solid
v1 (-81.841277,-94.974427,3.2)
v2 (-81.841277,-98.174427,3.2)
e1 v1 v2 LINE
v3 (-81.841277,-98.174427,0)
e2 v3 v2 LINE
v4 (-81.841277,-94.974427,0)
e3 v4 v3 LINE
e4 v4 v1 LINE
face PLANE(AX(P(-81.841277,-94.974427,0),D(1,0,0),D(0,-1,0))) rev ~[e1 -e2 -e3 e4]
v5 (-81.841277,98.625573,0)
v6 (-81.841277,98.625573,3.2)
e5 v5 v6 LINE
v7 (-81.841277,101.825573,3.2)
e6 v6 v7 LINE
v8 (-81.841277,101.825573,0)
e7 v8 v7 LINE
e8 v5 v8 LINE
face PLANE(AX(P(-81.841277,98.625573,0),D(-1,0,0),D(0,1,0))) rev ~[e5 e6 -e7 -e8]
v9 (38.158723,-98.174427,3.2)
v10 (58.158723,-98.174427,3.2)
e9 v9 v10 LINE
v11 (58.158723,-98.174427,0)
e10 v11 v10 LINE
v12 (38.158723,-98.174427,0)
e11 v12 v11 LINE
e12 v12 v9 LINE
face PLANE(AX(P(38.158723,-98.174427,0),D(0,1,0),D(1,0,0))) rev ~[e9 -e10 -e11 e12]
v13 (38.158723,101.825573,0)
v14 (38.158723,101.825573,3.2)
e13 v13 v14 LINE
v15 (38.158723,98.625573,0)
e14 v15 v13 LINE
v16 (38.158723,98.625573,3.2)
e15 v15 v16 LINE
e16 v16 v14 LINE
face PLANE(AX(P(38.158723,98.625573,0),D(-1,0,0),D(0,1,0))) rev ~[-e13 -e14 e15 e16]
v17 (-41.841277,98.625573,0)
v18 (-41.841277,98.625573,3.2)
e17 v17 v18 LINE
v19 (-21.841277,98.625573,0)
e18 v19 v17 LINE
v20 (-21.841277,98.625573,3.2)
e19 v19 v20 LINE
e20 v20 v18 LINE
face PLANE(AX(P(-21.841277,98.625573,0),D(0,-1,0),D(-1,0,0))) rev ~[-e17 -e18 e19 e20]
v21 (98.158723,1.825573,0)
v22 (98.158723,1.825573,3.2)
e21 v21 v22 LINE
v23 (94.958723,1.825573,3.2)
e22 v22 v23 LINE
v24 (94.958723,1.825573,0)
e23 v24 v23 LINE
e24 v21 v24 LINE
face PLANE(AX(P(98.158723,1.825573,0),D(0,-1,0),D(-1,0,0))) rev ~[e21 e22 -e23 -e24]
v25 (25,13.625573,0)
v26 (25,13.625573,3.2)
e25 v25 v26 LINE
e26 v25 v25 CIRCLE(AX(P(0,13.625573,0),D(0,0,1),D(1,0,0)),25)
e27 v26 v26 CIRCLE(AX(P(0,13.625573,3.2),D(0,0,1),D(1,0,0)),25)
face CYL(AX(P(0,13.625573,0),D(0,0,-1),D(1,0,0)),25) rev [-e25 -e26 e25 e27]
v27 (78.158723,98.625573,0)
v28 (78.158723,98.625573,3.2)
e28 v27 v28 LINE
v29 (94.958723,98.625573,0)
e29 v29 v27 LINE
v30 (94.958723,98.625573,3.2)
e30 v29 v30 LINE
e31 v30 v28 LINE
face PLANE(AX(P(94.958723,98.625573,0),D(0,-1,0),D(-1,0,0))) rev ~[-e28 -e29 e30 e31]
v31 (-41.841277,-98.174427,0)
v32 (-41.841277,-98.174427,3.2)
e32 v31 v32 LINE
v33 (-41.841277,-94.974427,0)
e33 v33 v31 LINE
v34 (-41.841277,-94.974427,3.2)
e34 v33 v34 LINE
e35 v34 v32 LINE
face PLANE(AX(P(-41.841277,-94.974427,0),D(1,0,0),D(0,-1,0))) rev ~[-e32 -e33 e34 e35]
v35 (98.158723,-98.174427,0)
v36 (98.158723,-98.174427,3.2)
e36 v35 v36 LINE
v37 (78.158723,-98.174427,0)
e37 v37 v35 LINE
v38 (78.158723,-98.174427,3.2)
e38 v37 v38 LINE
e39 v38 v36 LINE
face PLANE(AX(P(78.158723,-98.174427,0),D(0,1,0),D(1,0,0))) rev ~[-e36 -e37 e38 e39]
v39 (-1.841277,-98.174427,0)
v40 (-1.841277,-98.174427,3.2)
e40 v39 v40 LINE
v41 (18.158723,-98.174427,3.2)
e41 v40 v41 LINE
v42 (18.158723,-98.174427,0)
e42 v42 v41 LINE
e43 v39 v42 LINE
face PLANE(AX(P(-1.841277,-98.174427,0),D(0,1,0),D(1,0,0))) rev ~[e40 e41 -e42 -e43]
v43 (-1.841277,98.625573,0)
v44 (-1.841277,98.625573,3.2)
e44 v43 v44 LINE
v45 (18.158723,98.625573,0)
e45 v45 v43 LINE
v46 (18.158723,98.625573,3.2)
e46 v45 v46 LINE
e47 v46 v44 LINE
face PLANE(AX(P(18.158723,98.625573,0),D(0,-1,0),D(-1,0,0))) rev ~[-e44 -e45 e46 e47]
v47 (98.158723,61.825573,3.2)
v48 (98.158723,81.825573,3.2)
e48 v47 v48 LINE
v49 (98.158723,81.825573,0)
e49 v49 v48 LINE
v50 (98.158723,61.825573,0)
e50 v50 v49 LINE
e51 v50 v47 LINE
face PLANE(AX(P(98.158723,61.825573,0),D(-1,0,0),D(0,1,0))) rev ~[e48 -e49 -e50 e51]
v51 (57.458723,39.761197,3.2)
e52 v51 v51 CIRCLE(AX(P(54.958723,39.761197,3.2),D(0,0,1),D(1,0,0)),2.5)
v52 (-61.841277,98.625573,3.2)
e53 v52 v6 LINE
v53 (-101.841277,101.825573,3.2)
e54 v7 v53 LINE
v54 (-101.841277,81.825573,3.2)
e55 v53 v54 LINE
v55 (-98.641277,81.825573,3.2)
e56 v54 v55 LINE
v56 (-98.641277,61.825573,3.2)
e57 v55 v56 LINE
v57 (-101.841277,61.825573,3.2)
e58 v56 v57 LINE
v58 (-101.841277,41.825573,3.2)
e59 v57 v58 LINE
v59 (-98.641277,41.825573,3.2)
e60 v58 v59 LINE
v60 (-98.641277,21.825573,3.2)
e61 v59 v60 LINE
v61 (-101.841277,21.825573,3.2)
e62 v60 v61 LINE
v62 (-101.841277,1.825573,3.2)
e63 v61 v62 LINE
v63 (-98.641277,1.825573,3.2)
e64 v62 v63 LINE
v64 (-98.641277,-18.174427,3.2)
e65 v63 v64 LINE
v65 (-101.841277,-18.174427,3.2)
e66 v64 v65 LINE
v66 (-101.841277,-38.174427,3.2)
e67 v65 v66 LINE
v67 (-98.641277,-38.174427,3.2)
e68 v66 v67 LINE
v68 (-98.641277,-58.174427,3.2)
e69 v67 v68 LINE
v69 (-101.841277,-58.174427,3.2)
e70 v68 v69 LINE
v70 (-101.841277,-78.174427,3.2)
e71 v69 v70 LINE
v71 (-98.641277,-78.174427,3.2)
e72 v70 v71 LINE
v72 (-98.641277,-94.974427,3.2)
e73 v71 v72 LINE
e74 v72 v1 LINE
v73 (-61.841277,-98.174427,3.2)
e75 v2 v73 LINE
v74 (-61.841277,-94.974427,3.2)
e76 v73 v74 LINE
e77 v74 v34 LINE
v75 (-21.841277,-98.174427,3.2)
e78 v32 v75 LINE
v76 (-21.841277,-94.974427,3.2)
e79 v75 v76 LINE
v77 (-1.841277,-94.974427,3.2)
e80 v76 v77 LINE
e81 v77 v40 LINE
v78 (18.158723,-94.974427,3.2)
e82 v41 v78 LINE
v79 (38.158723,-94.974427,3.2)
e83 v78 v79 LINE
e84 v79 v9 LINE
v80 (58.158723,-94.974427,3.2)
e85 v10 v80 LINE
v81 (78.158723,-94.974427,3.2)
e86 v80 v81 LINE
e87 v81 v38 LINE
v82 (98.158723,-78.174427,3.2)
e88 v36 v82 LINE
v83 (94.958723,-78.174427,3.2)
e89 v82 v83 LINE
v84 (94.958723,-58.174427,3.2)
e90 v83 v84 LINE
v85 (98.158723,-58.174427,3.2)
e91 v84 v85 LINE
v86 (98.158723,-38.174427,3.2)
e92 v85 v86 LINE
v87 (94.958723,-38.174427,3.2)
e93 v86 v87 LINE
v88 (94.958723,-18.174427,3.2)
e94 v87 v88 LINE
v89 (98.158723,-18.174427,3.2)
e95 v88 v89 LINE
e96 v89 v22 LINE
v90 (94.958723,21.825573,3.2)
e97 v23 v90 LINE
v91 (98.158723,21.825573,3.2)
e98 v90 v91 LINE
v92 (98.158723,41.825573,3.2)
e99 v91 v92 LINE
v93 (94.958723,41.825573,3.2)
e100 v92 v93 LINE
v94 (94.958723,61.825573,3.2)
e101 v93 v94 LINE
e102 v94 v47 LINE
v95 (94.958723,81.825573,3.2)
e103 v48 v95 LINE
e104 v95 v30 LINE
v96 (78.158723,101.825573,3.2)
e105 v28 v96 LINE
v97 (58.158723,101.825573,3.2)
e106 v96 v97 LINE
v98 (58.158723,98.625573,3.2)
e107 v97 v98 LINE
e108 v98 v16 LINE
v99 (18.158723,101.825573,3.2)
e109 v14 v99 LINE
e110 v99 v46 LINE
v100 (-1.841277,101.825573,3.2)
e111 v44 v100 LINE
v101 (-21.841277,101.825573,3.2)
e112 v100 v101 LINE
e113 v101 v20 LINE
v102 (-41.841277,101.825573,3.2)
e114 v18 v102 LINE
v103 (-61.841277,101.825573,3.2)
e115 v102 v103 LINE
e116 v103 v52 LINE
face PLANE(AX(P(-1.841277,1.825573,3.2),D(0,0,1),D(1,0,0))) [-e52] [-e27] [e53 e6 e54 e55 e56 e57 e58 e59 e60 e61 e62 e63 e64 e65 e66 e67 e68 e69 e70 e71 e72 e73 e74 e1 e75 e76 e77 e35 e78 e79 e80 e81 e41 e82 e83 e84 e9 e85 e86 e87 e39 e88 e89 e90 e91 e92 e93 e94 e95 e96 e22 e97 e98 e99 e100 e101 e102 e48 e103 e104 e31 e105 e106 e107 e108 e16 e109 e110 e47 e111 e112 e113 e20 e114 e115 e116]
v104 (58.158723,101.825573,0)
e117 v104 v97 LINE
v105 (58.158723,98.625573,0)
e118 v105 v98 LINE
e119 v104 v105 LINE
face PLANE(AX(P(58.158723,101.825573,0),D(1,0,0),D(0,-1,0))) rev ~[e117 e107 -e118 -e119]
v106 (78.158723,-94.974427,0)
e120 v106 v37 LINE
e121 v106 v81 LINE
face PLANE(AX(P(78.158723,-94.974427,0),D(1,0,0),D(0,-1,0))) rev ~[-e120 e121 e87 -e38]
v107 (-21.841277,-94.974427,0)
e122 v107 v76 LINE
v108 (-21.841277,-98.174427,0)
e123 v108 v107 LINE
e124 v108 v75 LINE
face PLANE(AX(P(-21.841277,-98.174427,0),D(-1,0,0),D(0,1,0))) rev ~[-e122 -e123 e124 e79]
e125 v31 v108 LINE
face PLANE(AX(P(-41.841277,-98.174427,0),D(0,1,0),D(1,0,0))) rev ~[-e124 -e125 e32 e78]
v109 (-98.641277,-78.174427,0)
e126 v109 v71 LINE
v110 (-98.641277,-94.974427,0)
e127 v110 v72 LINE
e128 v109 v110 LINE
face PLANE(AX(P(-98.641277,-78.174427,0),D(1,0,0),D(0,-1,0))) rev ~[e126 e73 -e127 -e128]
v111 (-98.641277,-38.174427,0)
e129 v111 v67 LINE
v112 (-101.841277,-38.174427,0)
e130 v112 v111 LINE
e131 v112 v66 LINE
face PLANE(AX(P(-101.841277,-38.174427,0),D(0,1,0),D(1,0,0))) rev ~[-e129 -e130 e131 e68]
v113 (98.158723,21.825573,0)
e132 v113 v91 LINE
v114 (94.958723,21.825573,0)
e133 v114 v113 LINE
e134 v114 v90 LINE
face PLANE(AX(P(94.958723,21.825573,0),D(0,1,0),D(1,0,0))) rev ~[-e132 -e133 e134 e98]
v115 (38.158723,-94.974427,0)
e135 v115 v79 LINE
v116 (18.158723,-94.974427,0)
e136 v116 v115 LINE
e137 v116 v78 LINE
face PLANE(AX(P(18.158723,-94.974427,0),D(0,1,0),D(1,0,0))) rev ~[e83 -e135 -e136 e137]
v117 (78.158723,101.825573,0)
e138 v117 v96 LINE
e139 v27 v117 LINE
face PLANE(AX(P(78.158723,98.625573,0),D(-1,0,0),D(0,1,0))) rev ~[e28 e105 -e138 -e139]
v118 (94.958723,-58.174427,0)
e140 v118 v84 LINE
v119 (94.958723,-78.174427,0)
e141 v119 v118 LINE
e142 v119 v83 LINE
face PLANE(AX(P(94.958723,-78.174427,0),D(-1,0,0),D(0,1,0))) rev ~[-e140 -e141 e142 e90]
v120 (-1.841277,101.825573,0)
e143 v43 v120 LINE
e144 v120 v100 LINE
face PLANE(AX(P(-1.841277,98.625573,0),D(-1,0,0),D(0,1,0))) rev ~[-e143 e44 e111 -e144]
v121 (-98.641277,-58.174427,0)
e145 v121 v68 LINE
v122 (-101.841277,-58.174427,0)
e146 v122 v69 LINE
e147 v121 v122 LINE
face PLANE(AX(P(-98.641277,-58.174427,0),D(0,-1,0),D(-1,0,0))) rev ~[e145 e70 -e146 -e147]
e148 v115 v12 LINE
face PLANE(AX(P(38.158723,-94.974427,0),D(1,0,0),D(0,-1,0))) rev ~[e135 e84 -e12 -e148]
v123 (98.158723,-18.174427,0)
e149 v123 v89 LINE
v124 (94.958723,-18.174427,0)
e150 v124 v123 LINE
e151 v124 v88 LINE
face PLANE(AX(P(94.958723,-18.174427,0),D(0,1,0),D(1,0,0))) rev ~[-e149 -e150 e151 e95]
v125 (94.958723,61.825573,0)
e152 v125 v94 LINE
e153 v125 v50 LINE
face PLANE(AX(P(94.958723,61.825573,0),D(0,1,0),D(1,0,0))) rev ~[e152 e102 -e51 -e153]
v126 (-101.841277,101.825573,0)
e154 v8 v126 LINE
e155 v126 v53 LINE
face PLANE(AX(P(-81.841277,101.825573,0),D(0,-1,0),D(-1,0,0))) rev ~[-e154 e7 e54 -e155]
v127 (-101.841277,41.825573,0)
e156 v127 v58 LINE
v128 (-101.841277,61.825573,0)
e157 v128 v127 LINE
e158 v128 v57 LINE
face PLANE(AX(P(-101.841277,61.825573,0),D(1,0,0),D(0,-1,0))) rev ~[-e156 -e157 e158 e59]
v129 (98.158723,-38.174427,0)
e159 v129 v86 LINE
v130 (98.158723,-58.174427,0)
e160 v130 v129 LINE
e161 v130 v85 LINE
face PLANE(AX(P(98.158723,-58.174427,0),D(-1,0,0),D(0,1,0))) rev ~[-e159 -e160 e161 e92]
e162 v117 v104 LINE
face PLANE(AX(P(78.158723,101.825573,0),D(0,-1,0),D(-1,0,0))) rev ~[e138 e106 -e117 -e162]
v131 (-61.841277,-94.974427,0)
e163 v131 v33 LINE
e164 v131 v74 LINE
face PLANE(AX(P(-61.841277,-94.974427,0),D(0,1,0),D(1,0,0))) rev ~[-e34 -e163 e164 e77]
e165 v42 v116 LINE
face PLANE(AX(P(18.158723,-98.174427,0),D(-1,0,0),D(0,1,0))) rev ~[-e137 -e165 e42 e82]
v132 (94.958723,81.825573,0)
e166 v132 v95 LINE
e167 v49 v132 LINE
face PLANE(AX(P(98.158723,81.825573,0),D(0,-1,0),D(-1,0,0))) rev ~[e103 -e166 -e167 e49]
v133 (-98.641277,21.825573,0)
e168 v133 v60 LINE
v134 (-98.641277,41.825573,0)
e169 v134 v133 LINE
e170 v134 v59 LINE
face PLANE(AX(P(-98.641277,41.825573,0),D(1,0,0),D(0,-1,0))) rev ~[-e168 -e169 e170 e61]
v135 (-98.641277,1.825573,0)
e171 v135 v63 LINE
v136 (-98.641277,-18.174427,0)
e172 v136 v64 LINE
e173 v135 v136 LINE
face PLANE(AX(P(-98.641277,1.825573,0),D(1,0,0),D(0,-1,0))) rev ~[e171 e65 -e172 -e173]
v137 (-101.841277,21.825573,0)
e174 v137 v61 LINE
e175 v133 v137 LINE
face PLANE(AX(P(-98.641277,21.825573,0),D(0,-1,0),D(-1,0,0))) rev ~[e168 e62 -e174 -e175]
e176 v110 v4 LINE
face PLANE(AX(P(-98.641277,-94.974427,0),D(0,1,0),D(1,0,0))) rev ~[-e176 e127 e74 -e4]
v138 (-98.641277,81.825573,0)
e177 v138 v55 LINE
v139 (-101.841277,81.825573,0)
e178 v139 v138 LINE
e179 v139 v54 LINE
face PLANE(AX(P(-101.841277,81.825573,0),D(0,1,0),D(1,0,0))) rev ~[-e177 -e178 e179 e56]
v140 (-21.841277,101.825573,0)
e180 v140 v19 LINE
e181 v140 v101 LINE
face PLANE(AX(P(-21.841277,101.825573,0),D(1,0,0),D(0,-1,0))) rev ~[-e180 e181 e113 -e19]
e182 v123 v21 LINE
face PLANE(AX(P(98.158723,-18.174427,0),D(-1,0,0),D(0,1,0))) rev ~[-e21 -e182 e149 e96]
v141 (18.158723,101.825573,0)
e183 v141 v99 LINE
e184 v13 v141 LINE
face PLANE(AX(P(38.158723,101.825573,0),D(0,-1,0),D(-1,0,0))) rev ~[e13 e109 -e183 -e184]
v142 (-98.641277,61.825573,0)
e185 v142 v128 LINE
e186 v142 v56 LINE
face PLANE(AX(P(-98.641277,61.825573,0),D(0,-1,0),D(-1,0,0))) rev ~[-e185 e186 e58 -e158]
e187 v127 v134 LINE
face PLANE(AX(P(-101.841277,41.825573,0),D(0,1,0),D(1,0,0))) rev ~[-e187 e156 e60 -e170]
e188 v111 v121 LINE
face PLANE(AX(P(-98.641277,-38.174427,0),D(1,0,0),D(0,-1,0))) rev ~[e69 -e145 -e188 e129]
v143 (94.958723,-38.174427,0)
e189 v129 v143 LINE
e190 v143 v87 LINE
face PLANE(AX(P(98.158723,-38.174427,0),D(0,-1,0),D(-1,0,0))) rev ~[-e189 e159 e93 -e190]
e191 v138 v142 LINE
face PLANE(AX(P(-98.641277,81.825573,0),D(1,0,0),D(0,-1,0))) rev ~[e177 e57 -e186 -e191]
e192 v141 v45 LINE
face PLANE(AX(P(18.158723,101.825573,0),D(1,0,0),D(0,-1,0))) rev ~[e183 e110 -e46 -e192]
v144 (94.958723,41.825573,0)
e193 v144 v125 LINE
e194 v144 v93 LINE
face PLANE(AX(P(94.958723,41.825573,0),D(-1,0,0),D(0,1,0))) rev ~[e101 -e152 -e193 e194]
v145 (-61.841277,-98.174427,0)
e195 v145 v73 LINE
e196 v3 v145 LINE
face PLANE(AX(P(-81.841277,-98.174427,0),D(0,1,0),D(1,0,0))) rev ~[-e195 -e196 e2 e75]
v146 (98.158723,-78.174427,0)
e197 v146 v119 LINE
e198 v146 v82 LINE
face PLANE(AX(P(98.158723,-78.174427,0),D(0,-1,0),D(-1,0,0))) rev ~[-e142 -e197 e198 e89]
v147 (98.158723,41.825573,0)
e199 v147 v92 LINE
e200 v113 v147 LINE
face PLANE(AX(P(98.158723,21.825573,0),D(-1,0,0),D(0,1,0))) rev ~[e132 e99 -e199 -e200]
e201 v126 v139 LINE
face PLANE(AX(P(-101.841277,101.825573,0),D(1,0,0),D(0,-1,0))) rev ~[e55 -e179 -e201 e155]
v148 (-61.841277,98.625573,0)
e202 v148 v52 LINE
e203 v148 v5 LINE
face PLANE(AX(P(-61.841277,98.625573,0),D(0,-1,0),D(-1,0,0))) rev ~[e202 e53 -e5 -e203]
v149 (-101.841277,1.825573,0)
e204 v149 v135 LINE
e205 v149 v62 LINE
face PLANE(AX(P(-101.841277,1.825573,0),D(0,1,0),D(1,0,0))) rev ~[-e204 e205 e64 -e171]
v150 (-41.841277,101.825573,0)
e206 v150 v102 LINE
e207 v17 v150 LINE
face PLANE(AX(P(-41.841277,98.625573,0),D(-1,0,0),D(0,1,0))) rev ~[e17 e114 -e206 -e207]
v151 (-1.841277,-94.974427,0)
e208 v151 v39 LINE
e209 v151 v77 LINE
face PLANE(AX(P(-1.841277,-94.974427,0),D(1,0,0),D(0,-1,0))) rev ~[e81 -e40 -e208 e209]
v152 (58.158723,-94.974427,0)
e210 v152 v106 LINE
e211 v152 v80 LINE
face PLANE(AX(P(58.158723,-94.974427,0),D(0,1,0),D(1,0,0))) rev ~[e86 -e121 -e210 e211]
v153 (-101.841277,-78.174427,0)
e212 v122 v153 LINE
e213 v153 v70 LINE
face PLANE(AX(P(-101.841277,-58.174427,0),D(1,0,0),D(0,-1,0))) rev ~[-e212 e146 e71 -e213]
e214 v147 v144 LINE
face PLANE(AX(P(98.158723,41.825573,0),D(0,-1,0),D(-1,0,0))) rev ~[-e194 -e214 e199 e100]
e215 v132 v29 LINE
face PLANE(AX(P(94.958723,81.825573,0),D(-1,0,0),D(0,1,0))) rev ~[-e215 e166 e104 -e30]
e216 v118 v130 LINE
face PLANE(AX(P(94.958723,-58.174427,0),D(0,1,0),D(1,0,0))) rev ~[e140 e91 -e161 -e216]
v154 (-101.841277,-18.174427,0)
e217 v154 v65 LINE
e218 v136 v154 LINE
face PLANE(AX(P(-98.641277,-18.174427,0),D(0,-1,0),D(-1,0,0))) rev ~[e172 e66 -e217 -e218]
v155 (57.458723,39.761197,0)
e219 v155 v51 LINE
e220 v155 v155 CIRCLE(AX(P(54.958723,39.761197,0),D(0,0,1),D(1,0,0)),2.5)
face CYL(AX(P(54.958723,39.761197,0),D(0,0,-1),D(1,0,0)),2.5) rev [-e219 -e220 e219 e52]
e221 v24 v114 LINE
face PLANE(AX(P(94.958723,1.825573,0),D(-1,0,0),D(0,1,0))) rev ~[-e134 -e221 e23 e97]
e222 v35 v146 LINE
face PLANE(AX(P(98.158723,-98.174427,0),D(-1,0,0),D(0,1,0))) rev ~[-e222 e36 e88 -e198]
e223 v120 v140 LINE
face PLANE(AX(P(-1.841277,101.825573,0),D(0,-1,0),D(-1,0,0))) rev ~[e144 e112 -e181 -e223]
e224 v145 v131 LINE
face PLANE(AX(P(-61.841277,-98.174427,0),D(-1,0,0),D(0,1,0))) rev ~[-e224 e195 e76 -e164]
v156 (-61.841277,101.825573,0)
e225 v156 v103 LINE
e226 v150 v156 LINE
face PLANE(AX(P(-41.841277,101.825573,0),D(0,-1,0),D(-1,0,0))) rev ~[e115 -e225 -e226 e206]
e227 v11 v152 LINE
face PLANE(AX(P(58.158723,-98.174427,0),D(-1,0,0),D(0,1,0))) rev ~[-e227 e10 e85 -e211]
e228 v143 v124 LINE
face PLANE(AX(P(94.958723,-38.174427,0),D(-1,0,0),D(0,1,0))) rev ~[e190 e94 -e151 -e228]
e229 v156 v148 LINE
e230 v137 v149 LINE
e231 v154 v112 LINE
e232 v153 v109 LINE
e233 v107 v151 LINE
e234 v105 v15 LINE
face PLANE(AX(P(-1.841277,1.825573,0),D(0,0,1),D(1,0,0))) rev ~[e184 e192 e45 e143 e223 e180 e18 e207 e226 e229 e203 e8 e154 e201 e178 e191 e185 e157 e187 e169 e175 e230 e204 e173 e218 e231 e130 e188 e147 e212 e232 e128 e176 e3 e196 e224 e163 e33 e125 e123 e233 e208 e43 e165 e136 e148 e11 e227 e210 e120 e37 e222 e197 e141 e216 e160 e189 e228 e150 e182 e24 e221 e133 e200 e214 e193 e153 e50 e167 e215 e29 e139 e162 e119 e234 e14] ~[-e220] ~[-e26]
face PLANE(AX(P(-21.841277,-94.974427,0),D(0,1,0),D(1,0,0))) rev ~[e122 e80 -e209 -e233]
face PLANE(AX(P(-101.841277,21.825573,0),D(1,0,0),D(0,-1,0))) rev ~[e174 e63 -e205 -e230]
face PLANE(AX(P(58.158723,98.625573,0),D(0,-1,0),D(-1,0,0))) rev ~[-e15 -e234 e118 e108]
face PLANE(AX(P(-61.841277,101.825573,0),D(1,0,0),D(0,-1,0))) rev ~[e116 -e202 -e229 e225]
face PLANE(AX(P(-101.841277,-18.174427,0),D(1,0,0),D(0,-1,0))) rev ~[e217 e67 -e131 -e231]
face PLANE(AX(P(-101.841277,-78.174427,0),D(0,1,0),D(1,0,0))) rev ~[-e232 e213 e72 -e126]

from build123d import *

# Parameters (mm, degrees)
F0_R     = 25
F0_R_2   = 2.5
F1_DEPTH = 3.2


with BuildPart() as f1:
    # F0 (on Top) → F1 (new body)
    with BuildSketch(Plane.XY):
        Polygon((-81.841277, 101.825573), (-101.841277, 101.825573), (-101.841277, 81.825573), (-98.641277, 81.825573), (-98.641277, 61.825573), (-101.841277, 61.825573), (-101.841277, 41.825573), (-98.641277, 41.825573), (-98.641277, 21.825573), (-101.841277, 21.825573), (-101.841277, 1.825573), (-98.641277, 1.825573), (-98.641277, -18.174427), (-101.841277, -18.174427), (-101.841277, -38.174427), (-98.641277, -38.174427), (-98.641277, -58.174427), (-101.841277, -58.174427), (-101.841277, -78.174427), (-98.641277, -78.174427), (-98.641277, -94.974427), (-81.841277, -94.974427), (-81.841277, -98.174427), (-61.841277, -98.174427), (-61.841277, -94.974427), (-41.841277, -94.974427), (-41.841277, -98.174427), (-21.841277, -98.174427), (-21.841277, -94.974427), (-1.841277, -94.974427), (-1.841277, -98.174427), (18.158723, -98.174427), (18.158723, -94.974427), (38.158723, -94.974427), (38.158723, -98.174427), (58.158723, -98.174427), (58.158723, -94.974427), (78.158723, -94.974427), (78.158723, -98.174427), (98.158723, -98.174427), (98.158723, -78.174427), (94.958723, -78.174427), (94.958723, -58.174427), (98.158723, -58.174427), (98.158723, -38.174427), (94.958723, -38.174427), (94.958723, -18.174427), (98.158723, -18.174427), (98.158723, 1.825573), (94.958723, 1.825573), (94.958723, 21.825573), (98.158723, 21.825573), (98.158723, 41.825573), (94.958723, 41.825573), (94.958723, 61.825573), (98.158723, 61.825573), (98.158723, 81.825573), (94.958723, 81.825573), (94.958723, 98.625573), (78.158723, 98.625573), (78.158723, 101.825573), (58.158723, 101.825573), (58.158723, 98.625573), (38.158723, 98.625573), (38.158723, 101.825573), (18.158723, 101.825573), (18.158723, 98.625573), (-1.841277, 98.625573), (-1.841277, 101.825573), (-21.841277, 101.825573), (-21.841277, 98.625573), (-41.841277, 98.625573), (-41.841277, 101.825573), (-61.841277, 101.825573), (-61.841277, 98.625573), (-81.841277, 98.625573), align=None)
        with Locations((0, 13.625573)):
            Circle(F0_R, mode=Mode.SUBTRACT)
        with Locations((54.958723, 39.761197)):
            Circle(F0_R_2, mode=Mode.SUBTRACT)
    extrude(amount=F1_DEPTH)


solid = f1.part
